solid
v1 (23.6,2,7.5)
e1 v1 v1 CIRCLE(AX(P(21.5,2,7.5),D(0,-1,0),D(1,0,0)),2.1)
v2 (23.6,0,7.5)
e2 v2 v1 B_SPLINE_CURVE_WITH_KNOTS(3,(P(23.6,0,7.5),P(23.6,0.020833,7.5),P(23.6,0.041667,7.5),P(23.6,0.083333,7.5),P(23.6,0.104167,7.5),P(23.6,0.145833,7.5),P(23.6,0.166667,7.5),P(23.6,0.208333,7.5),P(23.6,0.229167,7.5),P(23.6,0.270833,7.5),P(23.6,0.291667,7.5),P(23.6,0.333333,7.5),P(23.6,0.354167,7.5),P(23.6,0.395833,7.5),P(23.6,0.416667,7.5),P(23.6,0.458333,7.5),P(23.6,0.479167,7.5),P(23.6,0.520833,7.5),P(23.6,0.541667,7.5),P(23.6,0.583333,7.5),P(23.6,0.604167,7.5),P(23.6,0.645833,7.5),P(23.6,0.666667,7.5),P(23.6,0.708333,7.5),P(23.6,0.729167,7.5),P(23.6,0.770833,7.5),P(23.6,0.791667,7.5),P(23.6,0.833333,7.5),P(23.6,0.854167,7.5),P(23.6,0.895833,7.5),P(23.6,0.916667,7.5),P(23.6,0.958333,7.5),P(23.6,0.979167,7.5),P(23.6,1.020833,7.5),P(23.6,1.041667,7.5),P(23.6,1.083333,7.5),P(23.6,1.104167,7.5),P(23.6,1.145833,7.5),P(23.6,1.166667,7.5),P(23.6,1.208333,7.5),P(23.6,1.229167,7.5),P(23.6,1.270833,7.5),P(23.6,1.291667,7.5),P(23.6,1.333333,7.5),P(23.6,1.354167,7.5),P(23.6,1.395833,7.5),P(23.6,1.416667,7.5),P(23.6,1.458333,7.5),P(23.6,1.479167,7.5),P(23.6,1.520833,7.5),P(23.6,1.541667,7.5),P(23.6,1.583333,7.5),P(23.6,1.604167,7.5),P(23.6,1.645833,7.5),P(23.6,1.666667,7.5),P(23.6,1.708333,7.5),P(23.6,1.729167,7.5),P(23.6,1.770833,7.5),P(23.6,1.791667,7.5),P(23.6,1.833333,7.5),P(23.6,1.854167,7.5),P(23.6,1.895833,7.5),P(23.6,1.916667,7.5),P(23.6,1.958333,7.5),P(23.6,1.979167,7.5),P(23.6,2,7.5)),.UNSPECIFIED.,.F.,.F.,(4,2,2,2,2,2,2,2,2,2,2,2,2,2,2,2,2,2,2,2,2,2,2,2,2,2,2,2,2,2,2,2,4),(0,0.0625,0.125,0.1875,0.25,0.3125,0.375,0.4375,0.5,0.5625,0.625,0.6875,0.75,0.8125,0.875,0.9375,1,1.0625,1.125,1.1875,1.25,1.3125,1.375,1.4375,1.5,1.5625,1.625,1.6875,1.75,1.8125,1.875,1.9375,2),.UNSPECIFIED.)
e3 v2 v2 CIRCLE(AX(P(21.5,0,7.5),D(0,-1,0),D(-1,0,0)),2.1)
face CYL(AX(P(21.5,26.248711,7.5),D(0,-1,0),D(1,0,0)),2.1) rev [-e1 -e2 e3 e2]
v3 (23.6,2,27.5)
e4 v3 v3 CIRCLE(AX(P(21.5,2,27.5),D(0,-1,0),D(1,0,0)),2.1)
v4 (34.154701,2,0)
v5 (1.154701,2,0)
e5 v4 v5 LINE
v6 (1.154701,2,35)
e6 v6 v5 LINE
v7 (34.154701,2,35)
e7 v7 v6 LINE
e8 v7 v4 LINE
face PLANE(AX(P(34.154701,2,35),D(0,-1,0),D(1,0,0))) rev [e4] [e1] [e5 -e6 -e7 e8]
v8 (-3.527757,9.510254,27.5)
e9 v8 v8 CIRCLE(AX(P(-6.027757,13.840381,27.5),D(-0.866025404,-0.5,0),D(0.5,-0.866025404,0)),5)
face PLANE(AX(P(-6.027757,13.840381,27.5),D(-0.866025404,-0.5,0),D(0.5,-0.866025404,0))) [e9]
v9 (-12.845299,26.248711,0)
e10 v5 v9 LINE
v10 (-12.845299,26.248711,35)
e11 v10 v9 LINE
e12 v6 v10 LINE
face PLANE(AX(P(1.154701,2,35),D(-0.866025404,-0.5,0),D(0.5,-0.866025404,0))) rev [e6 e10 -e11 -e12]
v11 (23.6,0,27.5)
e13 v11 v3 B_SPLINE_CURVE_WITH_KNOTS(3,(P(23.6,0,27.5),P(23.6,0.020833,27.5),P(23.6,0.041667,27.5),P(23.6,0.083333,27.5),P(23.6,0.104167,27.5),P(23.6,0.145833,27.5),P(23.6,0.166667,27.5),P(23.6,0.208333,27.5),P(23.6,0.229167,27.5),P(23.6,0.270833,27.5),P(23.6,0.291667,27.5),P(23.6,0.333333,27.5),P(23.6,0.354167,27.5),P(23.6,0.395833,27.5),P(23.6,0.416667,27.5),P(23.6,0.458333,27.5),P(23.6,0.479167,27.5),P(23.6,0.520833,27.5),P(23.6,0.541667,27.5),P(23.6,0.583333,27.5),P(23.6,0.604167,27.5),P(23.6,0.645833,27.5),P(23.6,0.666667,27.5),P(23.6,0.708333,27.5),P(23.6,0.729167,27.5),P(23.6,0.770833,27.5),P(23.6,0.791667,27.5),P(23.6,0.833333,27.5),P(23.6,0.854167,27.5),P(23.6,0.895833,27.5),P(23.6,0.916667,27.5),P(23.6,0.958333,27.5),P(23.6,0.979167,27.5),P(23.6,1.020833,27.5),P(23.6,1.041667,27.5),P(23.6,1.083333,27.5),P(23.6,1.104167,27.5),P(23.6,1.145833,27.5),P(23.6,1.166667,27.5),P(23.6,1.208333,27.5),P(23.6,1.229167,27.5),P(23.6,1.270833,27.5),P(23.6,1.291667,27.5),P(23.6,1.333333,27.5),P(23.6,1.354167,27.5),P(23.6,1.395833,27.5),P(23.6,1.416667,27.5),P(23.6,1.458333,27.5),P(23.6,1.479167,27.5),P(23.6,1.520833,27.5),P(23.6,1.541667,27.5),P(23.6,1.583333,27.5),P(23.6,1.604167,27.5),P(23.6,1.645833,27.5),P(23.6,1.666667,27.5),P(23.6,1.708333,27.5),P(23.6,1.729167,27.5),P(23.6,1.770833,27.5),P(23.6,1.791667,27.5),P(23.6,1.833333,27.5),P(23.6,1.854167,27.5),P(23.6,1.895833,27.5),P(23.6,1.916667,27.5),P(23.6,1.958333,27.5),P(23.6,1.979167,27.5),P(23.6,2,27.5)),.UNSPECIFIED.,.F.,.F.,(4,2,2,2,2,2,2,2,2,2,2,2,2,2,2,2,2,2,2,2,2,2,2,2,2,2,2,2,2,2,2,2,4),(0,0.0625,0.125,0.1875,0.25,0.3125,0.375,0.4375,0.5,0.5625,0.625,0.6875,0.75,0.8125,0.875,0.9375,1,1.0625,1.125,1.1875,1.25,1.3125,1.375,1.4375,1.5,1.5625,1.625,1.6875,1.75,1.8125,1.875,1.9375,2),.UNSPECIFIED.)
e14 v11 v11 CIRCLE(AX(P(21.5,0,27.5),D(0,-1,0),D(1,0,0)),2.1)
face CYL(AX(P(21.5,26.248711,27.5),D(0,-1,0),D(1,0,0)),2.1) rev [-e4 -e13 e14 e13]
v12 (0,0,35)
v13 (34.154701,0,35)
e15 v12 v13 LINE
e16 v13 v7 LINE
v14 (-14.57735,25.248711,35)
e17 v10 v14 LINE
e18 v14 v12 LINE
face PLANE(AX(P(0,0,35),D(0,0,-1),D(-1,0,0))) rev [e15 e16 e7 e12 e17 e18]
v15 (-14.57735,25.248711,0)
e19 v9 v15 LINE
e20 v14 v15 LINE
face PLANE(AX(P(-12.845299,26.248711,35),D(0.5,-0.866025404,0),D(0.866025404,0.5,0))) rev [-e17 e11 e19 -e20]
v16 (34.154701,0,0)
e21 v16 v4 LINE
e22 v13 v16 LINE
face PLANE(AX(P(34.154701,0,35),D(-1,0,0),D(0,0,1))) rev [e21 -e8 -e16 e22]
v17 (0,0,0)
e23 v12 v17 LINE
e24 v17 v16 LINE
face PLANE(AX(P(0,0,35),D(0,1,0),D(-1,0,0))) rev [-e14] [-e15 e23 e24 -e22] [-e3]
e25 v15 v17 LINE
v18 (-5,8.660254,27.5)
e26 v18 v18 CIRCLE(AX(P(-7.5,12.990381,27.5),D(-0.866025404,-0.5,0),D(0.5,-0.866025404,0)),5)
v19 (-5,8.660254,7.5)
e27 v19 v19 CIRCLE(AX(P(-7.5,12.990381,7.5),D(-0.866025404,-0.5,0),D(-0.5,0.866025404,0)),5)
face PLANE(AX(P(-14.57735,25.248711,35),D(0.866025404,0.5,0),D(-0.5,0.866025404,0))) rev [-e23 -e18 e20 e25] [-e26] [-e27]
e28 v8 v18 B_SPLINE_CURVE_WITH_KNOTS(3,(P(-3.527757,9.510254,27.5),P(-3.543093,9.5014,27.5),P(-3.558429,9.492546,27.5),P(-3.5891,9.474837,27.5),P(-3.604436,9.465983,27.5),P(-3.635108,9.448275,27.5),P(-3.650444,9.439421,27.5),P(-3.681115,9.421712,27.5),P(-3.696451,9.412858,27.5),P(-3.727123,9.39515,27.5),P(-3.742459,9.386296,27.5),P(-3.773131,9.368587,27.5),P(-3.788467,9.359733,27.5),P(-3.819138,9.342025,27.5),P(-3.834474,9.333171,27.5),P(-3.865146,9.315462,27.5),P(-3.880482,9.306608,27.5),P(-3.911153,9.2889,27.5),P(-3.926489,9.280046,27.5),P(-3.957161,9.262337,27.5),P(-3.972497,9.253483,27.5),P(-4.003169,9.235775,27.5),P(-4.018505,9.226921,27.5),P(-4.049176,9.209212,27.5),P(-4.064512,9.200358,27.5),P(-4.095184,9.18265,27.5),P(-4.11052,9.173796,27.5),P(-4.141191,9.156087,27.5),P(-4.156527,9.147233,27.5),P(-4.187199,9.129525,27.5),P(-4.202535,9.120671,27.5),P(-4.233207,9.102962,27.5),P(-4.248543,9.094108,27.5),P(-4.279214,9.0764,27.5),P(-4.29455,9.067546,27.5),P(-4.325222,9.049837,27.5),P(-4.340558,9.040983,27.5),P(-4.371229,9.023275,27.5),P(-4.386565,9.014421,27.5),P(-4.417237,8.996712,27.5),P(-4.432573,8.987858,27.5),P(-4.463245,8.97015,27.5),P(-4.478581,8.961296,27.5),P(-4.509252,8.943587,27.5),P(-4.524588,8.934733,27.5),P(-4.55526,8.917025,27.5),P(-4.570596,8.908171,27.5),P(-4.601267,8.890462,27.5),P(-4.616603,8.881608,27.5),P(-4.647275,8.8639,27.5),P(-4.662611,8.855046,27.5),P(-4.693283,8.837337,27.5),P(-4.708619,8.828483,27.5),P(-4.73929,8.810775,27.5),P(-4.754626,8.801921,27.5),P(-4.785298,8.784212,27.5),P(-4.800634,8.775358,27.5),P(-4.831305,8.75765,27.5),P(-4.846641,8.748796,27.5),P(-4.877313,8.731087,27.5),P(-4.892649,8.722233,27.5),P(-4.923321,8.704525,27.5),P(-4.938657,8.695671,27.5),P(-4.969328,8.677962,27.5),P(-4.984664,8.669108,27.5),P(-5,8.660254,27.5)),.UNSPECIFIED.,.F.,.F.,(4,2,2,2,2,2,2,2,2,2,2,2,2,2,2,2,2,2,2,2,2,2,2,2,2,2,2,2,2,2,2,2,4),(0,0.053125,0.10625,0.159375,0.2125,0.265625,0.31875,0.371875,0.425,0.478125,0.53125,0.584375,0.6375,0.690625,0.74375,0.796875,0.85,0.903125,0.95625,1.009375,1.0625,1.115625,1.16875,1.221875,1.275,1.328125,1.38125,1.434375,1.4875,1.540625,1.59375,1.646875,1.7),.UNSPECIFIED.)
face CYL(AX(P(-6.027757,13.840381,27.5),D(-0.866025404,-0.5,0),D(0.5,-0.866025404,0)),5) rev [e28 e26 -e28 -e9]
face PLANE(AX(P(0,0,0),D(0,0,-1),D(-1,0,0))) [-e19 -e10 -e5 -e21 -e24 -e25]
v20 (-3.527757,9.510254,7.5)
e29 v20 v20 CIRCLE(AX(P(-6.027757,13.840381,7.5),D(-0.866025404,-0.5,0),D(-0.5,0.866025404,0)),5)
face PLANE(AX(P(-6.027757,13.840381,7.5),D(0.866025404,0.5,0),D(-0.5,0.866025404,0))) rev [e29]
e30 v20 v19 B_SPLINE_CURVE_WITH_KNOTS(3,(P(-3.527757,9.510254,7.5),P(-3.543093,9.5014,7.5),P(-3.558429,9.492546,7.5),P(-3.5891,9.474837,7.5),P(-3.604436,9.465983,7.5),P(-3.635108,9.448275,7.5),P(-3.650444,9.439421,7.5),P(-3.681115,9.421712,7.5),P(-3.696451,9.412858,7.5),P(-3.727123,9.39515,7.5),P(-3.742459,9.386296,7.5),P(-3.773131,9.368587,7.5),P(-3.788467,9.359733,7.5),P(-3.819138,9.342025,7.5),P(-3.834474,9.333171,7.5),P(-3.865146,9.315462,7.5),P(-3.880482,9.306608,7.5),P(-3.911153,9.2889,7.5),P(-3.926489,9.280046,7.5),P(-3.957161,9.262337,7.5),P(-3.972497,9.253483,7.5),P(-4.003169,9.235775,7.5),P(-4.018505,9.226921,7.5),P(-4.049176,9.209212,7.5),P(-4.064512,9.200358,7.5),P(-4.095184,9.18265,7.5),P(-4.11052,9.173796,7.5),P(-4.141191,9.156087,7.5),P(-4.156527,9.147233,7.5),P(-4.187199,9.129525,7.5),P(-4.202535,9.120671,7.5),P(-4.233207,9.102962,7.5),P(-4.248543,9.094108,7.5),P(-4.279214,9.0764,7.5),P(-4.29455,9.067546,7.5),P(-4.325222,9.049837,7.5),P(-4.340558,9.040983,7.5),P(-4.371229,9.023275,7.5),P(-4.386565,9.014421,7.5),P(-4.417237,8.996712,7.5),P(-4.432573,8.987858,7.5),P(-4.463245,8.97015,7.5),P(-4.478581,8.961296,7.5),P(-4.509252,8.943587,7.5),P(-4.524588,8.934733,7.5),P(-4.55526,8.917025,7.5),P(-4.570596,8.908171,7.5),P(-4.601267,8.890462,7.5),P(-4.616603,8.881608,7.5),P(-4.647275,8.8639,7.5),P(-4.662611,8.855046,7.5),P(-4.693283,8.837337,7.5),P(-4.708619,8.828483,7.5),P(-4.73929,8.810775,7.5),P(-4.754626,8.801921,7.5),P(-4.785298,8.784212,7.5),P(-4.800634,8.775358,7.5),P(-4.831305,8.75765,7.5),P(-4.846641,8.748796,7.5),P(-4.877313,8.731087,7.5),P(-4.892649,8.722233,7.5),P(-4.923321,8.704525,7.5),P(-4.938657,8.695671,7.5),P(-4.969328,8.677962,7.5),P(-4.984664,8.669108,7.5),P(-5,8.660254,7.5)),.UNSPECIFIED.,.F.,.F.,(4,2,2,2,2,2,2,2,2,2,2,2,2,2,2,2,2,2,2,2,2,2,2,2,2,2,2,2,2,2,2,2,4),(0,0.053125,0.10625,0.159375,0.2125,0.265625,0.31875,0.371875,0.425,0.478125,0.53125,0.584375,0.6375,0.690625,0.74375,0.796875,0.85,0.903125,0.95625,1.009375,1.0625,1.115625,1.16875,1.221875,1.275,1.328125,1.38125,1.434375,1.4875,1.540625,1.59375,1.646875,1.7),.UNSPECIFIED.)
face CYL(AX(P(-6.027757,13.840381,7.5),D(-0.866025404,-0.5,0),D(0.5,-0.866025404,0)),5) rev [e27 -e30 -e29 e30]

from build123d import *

# Parameters (mm, degrees)
EXTRUDE_3_DEPTH     = 35
SKETCH_3_R          = 2.1
CUT_EXTRUDE_1_DEPTH = 56.502598264
SKETCH_4_R          = 5
CUT_EXTRUDE_2_DEPTH = 1.7


with BuildPart() as part:
    # 草图1 → 凸台-拉伸3 (new body)
    with BuildSketch(Plane.XY):
        Polygon((0, 0), (34.154700538, 0), (34.154700538, 2), (1.154700538, 2), (-12.845299462, 26.248711306), (-14.577350269, 25.248711306), align=None)
    extrude(amount=EXTRUDE_3_DEPTH)

    # 草图3 → 切除-拉伸1 (cut, through all)
    with BuildSketch(Plane.XZ):
        with Locations((21.5, 27.5)):
            Circle(SKETCH_3_R)
        with Locations((21.5, 7.5)):
            Circle(SKETCH_3_R)
    extrude(amount=-CUT_EXTRUDE_1_DEPTH, mode=Mode.SUBTRACT)

    # 草图4 → 切除-拉伸2 (cut)
    with BuildSketch(Plane(origin=(0, 0, 0), x_dir=(0, 0, 1), z_dir=(-0.8660254037844397, -0.499999999999998, 0))):
        with Locations(Location((27.5, 15, 0), (0, 0, 270))):
            Circle(SKETCH_4_R)
        with Locations(Location((7.5, 15, 0), (0, 0, 270))):
            Circle(SKETCH_4_R)
    extrude(amount=-CUT_EXTRUDE_2_DEPTH, mode=Mode.SUBTRACT)


solid = part.part
